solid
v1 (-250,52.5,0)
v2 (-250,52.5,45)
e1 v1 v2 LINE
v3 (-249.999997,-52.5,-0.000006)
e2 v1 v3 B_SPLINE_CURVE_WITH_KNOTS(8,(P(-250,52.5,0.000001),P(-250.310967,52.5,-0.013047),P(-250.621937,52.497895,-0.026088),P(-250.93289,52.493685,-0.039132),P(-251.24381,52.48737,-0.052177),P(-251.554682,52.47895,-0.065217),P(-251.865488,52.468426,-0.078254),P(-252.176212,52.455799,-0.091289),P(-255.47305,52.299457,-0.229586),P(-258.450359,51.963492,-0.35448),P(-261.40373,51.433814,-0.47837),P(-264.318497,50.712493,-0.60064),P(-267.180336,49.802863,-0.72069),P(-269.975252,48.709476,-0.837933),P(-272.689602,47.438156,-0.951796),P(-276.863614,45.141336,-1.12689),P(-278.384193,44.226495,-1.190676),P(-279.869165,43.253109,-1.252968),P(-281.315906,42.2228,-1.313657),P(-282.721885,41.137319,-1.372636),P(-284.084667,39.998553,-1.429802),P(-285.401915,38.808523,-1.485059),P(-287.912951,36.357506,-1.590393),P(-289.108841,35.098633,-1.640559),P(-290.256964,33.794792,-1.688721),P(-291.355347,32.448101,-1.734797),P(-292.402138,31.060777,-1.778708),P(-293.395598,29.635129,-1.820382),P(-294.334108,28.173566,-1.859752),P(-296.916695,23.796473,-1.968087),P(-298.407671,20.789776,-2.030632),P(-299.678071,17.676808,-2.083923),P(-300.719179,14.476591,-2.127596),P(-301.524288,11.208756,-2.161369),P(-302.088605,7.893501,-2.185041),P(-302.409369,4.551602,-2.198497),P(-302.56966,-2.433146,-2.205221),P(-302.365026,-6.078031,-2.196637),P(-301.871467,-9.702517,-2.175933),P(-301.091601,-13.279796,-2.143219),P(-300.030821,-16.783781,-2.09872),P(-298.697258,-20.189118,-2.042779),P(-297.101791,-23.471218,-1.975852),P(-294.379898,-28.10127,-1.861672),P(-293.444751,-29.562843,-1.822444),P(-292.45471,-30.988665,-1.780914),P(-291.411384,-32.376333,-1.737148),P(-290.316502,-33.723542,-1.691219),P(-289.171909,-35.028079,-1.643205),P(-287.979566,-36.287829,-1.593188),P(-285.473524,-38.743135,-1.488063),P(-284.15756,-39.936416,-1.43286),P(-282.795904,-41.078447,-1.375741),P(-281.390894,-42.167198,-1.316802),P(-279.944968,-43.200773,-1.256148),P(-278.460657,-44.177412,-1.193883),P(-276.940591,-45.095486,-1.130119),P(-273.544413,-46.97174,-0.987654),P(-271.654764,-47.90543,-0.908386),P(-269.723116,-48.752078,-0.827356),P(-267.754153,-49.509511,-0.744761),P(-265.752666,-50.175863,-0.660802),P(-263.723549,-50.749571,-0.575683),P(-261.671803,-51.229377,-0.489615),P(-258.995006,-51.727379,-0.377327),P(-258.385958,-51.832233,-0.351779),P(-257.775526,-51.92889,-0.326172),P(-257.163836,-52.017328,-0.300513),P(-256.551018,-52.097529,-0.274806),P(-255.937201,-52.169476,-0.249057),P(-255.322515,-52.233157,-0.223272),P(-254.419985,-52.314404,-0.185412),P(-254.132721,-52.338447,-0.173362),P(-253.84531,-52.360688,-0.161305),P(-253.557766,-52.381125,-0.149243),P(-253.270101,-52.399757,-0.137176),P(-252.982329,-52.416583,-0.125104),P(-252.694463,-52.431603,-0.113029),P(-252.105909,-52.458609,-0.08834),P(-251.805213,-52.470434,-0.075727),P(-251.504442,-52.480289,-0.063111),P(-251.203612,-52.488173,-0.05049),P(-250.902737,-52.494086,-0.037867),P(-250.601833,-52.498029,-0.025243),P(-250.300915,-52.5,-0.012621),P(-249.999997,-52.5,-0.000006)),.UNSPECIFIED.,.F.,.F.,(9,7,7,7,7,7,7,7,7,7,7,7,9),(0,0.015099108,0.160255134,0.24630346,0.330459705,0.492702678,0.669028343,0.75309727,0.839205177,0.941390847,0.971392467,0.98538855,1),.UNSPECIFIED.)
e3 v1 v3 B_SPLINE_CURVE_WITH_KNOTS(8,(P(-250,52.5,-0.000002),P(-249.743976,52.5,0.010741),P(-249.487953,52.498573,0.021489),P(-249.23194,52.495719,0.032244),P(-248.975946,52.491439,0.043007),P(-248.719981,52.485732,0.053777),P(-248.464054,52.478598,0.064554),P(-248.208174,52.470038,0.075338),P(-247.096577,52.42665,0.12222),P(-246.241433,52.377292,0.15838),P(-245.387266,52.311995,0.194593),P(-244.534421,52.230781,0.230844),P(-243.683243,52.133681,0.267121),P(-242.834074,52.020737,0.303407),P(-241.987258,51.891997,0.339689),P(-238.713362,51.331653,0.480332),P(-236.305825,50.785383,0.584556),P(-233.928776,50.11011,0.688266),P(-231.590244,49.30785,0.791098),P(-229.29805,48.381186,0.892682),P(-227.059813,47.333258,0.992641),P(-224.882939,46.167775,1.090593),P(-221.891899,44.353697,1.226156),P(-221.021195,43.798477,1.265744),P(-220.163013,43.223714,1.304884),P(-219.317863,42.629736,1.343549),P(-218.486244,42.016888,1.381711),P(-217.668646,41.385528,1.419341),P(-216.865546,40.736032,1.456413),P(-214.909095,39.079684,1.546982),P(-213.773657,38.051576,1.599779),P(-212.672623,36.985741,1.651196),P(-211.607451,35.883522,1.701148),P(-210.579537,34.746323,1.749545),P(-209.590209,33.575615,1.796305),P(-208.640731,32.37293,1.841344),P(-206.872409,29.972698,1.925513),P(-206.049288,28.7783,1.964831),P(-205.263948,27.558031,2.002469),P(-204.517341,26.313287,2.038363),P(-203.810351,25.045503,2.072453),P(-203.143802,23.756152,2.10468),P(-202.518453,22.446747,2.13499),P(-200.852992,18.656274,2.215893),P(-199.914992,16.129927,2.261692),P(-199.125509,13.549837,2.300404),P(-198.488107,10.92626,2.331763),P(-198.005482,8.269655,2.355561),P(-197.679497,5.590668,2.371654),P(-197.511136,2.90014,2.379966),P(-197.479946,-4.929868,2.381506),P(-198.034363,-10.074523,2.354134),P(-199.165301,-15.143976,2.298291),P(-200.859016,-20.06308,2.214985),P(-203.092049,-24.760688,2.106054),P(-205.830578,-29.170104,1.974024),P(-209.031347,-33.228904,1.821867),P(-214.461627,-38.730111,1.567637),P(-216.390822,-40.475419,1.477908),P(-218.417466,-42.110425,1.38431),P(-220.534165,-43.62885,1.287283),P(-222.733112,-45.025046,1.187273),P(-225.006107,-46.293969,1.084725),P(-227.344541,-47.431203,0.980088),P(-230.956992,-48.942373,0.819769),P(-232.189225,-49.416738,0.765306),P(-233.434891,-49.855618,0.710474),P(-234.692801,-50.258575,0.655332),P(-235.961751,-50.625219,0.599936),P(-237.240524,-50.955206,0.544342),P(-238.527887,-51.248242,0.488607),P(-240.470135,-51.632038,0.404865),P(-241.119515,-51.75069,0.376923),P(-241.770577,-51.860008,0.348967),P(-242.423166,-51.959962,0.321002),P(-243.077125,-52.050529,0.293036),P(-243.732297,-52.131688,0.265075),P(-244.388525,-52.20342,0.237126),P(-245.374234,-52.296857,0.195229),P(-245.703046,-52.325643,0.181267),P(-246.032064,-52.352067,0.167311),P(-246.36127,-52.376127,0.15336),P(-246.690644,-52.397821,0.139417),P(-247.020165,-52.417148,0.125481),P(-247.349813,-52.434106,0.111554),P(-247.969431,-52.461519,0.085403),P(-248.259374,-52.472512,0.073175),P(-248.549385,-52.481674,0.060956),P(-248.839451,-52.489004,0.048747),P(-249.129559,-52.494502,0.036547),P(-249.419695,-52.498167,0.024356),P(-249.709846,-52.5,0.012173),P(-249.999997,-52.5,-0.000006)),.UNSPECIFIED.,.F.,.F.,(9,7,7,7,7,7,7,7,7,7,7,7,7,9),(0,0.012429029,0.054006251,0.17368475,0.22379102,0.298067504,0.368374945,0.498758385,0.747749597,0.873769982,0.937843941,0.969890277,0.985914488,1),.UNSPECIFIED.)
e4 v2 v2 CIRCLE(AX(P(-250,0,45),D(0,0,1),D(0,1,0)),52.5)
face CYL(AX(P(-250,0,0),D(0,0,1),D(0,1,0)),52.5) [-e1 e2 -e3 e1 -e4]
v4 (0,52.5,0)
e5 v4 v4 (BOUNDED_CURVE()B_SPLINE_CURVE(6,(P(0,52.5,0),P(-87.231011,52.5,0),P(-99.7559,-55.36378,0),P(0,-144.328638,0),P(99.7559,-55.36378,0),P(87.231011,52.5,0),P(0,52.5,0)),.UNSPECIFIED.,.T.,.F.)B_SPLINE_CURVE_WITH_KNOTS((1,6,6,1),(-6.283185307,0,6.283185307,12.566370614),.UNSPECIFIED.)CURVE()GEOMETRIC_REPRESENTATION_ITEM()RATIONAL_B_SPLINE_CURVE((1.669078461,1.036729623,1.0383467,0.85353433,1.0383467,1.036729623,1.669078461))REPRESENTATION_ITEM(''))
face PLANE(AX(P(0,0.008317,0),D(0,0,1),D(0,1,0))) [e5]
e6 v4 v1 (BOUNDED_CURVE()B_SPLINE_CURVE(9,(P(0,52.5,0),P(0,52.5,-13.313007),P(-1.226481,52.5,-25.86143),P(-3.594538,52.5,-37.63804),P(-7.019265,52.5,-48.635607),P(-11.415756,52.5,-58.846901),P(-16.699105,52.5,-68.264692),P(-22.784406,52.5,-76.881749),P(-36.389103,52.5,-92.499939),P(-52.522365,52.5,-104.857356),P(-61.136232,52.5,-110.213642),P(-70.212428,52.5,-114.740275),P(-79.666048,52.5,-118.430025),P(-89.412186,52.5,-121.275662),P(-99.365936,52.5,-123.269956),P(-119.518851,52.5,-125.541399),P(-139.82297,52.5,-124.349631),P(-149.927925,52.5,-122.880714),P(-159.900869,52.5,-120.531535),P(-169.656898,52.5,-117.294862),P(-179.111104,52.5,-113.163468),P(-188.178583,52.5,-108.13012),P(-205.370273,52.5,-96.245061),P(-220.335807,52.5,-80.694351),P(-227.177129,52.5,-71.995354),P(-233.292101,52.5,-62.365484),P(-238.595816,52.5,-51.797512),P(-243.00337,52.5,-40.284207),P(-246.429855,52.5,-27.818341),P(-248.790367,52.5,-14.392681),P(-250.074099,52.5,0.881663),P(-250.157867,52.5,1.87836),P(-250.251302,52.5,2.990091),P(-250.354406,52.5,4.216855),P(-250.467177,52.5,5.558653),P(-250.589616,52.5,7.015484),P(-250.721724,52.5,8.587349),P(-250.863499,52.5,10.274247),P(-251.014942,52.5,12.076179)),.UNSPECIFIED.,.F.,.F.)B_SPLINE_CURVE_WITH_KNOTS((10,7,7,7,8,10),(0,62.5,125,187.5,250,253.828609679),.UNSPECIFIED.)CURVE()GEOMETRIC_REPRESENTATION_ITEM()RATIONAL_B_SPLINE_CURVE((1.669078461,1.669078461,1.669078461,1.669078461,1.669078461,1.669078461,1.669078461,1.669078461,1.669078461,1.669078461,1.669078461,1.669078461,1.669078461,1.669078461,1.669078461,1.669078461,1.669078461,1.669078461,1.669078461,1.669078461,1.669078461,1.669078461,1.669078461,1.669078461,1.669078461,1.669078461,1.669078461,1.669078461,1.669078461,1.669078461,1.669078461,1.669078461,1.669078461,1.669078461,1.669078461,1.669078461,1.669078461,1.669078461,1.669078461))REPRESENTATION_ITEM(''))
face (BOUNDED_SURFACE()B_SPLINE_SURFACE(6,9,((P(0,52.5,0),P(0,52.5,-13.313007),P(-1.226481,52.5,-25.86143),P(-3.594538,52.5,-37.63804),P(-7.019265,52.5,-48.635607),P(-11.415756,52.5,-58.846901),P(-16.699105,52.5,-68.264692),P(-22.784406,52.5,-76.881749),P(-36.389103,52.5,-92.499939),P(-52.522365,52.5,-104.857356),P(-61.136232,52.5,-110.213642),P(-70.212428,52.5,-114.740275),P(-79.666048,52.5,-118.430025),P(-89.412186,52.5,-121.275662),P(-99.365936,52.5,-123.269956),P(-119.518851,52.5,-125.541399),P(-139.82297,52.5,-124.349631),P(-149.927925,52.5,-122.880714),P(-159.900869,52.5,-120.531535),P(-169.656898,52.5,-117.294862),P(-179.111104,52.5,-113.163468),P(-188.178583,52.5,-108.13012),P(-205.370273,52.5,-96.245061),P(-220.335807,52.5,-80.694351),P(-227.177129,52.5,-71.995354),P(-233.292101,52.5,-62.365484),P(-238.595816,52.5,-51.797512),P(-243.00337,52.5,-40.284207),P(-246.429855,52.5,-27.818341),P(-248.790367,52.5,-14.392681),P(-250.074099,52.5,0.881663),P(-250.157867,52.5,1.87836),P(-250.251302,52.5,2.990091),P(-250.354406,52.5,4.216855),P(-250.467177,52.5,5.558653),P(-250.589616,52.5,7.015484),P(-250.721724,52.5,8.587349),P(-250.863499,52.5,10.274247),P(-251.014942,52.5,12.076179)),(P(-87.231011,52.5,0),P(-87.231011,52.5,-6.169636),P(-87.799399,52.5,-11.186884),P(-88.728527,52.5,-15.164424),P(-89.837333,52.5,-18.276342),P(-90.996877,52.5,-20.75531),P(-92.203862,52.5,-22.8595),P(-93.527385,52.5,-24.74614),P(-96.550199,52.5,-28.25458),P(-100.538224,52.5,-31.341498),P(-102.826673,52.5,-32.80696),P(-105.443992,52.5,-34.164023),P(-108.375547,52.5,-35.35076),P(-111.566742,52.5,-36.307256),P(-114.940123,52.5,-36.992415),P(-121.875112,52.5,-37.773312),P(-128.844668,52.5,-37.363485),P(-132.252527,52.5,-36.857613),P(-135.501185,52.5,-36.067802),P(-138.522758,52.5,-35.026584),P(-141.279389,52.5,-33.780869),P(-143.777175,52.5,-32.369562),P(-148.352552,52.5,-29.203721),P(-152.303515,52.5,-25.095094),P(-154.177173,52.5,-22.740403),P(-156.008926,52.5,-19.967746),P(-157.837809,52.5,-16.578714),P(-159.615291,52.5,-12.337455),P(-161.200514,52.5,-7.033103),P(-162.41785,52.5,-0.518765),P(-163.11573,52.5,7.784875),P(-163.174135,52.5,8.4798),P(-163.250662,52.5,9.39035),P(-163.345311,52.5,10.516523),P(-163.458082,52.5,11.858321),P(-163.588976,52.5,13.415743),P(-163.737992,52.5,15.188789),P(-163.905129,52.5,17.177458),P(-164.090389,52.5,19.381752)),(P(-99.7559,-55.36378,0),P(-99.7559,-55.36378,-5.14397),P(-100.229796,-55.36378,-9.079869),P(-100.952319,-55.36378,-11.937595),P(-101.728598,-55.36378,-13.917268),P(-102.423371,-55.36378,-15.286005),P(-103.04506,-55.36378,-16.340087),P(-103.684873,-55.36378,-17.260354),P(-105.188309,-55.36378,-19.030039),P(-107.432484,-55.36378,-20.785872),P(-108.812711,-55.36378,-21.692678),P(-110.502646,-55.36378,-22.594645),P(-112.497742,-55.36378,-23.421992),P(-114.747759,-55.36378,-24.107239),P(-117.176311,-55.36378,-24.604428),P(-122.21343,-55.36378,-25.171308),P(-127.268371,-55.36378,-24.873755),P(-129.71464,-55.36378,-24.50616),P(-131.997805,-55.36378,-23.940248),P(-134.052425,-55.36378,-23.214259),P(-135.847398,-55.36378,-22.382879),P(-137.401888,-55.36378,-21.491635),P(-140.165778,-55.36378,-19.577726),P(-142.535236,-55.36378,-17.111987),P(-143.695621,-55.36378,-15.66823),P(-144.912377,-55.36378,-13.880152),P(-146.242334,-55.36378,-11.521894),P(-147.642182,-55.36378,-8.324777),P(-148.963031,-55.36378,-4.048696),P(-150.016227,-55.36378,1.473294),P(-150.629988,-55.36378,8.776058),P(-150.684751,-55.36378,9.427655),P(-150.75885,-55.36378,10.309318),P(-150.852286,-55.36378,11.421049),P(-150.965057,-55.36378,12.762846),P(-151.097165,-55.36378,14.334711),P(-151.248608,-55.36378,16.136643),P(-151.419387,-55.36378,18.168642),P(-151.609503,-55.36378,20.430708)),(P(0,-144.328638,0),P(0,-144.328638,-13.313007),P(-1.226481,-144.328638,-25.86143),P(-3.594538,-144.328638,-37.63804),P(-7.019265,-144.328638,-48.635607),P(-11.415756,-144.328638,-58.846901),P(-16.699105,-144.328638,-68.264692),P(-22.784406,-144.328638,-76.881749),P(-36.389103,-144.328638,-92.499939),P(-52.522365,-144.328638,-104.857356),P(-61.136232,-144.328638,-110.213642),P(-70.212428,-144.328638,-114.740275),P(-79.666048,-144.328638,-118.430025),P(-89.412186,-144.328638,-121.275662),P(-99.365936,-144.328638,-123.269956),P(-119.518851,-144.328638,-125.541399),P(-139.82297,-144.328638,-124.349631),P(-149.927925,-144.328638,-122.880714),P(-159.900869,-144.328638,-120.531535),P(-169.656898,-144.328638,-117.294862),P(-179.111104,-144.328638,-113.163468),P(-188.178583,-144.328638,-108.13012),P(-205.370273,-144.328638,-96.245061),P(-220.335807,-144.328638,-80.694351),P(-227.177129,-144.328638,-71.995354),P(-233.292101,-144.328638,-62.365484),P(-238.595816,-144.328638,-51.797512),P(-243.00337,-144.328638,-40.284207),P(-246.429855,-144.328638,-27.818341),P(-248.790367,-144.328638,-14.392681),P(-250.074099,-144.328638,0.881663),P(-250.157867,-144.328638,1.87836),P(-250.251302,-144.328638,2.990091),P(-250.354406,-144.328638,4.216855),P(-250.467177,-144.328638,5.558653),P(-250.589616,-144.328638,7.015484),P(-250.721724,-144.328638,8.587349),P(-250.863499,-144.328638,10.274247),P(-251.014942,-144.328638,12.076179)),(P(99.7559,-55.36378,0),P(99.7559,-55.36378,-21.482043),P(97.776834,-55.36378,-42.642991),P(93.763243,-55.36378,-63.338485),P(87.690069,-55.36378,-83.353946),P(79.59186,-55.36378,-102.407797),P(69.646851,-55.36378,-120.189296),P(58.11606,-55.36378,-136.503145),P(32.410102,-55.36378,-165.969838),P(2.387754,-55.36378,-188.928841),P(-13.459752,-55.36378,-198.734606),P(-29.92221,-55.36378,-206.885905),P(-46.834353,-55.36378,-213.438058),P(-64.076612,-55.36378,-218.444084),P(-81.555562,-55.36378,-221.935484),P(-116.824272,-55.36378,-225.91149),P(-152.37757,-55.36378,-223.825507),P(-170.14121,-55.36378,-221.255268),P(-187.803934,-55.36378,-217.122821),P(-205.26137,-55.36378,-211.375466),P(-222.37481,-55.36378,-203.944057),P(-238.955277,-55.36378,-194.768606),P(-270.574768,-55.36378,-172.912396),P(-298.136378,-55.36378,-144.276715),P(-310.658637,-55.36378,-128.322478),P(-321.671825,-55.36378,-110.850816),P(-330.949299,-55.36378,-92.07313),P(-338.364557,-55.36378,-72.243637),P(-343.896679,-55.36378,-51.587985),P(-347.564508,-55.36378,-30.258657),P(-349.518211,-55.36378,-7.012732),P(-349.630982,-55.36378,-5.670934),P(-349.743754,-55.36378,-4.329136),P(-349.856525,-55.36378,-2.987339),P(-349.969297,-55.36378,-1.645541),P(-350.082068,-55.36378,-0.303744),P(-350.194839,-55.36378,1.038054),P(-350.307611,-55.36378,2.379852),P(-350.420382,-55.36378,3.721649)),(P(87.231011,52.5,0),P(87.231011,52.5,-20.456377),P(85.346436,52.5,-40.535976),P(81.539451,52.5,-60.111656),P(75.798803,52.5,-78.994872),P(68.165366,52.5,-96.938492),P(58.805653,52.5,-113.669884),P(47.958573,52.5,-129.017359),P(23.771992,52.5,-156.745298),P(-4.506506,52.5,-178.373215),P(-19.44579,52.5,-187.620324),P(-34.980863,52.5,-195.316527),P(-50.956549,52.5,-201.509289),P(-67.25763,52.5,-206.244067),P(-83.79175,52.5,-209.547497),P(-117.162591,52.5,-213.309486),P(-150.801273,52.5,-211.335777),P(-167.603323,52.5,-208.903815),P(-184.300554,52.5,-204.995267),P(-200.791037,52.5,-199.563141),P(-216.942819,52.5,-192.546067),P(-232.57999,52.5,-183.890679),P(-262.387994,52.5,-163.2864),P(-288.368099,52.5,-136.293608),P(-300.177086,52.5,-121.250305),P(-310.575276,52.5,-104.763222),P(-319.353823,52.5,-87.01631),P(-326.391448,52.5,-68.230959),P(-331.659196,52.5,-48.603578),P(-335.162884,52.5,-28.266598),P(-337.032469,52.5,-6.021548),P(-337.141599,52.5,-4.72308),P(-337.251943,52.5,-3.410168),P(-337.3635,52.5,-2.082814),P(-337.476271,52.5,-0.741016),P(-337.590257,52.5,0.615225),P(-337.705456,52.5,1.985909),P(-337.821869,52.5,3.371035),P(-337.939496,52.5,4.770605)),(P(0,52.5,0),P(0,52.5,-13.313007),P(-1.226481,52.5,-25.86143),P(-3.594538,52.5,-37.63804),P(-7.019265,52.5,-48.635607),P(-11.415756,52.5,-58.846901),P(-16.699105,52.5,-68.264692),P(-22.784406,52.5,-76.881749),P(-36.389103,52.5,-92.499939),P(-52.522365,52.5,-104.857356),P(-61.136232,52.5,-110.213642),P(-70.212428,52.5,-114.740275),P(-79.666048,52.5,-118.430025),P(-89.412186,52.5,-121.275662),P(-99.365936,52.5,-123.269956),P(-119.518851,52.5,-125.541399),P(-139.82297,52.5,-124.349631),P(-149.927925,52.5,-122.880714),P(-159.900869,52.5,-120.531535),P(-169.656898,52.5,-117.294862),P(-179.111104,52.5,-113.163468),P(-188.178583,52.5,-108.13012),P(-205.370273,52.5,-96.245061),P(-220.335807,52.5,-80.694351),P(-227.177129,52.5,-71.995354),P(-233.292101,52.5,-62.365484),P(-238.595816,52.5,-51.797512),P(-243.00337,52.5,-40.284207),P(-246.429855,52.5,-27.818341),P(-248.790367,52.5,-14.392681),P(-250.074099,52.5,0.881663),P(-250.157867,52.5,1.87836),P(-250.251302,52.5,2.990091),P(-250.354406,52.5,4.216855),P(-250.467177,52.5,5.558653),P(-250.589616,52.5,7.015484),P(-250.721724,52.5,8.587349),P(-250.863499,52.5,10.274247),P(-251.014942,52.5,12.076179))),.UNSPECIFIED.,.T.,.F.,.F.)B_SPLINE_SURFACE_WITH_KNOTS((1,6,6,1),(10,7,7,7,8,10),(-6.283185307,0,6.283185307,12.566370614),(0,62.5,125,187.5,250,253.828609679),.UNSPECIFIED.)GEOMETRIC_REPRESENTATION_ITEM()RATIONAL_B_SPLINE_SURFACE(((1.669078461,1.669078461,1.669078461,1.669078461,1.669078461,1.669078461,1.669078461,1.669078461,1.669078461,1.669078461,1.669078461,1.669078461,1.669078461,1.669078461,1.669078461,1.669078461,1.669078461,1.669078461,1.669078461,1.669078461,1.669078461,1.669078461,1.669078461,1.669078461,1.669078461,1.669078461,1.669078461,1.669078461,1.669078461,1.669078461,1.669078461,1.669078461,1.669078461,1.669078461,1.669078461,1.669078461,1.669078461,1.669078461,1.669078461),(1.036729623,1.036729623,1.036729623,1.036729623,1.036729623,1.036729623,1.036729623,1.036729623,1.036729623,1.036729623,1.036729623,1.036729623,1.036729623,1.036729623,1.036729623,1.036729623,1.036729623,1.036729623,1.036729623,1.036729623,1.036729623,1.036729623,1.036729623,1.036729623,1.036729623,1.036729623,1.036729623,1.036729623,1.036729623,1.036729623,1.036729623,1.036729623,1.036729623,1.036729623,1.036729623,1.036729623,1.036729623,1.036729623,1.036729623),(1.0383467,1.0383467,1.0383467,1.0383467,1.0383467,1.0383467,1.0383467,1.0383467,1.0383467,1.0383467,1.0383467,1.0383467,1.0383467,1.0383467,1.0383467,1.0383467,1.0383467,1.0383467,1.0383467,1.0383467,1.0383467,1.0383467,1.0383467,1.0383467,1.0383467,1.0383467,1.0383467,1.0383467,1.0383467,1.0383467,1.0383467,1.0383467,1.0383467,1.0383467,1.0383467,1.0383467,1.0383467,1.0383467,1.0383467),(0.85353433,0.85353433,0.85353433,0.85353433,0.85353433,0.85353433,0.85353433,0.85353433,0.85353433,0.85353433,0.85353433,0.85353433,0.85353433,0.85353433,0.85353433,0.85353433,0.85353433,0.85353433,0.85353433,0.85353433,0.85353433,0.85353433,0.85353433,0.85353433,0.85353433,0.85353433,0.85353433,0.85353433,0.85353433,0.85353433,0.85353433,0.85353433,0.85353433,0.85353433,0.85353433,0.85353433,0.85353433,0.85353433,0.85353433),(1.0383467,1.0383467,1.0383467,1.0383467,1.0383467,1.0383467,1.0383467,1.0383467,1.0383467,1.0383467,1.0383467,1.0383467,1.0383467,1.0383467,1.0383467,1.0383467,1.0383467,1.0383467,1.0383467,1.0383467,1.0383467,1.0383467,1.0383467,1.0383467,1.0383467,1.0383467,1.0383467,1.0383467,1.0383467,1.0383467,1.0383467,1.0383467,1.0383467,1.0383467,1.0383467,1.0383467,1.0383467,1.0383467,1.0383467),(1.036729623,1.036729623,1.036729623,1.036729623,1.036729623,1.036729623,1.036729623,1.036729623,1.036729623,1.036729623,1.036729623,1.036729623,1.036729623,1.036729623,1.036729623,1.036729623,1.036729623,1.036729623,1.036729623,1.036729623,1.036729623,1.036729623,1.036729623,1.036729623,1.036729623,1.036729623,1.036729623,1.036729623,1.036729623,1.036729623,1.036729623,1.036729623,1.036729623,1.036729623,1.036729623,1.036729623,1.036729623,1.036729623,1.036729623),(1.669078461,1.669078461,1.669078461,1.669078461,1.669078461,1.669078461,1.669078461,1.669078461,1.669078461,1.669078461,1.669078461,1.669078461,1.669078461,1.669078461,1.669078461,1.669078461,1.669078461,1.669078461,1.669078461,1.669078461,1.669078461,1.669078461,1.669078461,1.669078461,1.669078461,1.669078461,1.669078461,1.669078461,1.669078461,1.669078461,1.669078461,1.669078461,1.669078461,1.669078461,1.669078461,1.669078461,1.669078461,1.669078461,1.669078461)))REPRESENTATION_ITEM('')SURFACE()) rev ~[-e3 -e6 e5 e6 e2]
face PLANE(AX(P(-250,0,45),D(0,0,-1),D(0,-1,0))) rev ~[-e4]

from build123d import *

# Parameters (mm, degrees)
F0_R     = 52.5
F4_ANGLE = 270


with BuildPart() as f2:
    # F2: sweep along a path in F1
    with BuildLine(Plane.YZ) as f2_path:
        add(Plane.YZ * Edge.make_bspline(
            [(0, 0), (0, -159.7560793161), (235.484406352, -172.7121770382), (250, 0)],
            knots=[0, 0, 0, 0, 250, 250, 250, 250], degree=3))
        Line((250, 0), (250, 45))
    # F0 (on Top) → F2 (sweep)
    with BuildSketch(Plane.XY):
        Circle(F0_R)
    sweep(path=f2_path.line, transition=Transition.RIGHT)


with BuildPart() as f2_1:
    # F4: moved
    add(f2.part.rotate(Axis((0, 0, -42.3021055758), (0, 0, -1)), F4_ANGLE))


solid = f2_1.part
